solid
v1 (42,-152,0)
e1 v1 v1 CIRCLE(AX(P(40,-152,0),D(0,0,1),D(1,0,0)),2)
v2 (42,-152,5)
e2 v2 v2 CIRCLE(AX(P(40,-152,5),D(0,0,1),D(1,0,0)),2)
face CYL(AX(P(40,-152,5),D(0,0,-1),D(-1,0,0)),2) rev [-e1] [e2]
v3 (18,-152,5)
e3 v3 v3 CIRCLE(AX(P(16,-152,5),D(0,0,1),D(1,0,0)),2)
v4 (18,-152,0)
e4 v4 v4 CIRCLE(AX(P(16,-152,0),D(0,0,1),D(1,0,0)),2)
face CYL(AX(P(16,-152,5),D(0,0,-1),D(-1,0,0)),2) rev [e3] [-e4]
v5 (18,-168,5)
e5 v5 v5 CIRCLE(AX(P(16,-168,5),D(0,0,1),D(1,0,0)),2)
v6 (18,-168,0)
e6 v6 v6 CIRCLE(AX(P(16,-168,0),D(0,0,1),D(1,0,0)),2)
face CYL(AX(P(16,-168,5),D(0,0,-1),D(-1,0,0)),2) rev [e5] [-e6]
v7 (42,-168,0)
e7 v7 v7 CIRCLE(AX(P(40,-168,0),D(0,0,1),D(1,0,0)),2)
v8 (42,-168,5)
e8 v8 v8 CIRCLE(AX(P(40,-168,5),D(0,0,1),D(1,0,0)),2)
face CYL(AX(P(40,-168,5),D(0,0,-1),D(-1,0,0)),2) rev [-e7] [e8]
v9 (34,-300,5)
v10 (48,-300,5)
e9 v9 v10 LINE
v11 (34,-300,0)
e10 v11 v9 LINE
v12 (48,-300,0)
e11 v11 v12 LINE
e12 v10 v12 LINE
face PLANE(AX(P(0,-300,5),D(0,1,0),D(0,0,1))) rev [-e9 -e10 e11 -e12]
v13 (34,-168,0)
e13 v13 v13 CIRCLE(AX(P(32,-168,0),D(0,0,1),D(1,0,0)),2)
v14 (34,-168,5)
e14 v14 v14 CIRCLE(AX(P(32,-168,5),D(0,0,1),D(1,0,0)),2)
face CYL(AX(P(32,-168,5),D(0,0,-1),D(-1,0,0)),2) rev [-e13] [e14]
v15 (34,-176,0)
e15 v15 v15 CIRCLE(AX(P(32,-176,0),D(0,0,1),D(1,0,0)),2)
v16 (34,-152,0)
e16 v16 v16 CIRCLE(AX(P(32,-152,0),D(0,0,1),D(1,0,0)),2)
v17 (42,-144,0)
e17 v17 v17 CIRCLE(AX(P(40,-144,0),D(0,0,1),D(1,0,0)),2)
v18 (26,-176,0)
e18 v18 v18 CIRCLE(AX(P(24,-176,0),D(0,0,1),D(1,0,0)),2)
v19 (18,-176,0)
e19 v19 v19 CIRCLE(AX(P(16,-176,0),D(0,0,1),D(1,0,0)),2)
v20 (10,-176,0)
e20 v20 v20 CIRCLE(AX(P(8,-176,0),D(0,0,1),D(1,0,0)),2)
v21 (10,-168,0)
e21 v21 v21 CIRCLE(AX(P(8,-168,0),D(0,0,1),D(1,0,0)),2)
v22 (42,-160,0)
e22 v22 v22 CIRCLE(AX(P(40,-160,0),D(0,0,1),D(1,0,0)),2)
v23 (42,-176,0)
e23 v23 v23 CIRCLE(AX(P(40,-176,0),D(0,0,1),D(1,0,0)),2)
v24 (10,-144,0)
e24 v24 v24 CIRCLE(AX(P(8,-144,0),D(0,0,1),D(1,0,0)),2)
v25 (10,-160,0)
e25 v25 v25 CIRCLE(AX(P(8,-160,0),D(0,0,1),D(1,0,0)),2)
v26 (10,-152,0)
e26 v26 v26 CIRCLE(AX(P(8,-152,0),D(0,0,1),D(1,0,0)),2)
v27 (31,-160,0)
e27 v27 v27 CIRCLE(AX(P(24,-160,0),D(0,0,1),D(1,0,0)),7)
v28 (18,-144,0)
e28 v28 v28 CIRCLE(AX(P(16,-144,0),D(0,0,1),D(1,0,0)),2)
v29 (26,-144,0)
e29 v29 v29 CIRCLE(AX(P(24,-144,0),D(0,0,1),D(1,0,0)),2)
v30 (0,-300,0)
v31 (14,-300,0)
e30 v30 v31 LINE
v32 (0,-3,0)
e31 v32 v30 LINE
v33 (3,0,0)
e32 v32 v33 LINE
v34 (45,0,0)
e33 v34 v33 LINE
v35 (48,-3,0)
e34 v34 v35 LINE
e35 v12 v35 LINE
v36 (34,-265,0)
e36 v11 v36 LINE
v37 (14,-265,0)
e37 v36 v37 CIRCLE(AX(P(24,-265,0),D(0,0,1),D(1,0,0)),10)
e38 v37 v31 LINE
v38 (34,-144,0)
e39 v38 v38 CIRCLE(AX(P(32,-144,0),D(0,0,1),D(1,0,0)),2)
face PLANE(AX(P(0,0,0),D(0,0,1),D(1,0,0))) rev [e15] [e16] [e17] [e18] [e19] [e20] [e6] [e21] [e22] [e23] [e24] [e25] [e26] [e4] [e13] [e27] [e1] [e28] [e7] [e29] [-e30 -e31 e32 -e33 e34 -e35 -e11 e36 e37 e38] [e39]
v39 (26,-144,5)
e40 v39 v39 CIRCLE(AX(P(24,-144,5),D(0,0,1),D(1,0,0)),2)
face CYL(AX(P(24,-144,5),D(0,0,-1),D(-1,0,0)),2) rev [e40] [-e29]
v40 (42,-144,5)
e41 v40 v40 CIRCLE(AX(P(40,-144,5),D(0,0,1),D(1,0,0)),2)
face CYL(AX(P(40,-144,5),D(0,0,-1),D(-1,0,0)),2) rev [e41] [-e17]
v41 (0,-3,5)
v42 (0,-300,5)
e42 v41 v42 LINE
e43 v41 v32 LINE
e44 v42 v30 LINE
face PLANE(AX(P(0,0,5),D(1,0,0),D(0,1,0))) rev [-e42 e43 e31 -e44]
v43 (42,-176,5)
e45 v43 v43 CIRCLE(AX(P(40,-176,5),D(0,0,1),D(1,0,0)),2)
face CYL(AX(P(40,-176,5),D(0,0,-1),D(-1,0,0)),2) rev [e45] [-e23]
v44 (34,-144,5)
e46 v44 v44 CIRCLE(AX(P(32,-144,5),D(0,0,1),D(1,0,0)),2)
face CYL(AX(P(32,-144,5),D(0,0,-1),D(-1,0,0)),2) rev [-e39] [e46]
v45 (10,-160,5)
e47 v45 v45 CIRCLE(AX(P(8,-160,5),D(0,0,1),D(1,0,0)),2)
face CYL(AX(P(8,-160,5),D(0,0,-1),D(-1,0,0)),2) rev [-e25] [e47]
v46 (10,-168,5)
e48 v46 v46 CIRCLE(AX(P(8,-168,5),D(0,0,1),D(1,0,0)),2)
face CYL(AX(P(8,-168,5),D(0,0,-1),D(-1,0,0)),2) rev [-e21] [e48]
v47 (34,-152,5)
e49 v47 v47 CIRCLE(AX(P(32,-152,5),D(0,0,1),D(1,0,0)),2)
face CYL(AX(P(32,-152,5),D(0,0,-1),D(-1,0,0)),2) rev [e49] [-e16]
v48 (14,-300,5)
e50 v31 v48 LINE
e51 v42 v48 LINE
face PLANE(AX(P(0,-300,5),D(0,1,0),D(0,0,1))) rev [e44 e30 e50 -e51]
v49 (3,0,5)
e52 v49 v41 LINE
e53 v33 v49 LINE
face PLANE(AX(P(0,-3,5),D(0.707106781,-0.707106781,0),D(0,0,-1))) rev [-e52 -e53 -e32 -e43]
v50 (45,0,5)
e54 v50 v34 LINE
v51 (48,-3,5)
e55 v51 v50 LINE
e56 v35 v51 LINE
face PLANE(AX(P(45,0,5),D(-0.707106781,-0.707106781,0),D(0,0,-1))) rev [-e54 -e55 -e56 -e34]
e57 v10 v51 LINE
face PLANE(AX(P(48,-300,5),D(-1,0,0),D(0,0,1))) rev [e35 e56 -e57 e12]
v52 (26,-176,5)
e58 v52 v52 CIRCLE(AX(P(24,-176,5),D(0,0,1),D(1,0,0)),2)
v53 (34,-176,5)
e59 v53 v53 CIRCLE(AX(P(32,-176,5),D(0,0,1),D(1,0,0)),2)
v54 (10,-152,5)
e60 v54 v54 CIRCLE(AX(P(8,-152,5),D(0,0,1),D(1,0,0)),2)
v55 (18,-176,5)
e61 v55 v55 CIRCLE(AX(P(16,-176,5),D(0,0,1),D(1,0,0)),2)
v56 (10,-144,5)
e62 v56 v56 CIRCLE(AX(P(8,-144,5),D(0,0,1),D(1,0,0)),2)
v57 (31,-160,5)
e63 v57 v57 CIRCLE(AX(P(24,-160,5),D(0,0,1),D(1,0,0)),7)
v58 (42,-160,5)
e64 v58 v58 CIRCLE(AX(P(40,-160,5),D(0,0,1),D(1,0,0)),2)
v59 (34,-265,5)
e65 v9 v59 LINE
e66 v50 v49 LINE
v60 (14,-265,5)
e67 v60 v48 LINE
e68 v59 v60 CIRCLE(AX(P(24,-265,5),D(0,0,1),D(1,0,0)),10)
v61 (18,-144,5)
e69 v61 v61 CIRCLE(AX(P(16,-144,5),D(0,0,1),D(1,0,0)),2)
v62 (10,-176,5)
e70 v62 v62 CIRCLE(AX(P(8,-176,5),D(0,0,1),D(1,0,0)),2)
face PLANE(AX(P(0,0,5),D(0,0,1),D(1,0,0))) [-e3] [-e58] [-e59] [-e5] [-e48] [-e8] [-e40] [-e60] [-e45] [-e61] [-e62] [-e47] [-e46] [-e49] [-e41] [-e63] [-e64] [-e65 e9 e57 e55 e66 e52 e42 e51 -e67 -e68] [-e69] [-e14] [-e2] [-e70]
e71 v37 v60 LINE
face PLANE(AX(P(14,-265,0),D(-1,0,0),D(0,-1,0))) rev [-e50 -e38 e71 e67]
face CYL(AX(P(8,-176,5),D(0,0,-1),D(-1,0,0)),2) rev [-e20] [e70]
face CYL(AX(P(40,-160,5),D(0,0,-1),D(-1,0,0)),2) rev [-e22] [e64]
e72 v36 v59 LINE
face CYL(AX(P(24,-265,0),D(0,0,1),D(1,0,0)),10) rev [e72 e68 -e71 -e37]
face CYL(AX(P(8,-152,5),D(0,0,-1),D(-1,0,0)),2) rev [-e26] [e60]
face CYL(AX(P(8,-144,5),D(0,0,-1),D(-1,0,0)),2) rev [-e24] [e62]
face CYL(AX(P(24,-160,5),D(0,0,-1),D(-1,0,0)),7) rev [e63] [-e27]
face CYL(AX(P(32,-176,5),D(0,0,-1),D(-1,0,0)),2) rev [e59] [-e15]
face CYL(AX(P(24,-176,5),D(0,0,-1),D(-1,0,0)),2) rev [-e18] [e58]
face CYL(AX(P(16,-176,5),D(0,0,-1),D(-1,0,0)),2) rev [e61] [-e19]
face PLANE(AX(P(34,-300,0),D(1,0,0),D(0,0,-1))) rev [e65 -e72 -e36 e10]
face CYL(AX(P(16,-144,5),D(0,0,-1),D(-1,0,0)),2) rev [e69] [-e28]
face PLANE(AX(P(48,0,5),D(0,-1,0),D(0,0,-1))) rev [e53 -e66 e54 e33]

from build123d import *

# Parameters (mm, degrees)
SKETCH1_W           = 48
SKETCH1_H           = 300
SKETCH1_R           = 7
SKETCH1_R_2         = 2
BOSS_EXTRUDE1_DEPTH = 5
CHAMFER1_SIZE       = 3
CUT_EXTRUDE1_DEPTH  = 304.856874202


with BuildPart() as part:
    # Sketch1 → Boss-Extrude1 (new body)
    with BuildSketch(Plane.XY):
        with Locations((24, -150)):
            Rectangle(SKETCH1_W, SKETCH1_H)
        with Locations((24, -160)):
            Circle(SKETCH1_R, mode=Mode.SUBTRACT)
        with Locations((8, -144)):
            Circle(SKETCH1_R_2, mode=Mode.SUBTRACT)
        with Locations((16, -144)):
            Circle(SKETCH1_R_2, mode=Mode.SUBTRACT)
        with Locations((24, -144)):
            Circle(SKETCH1_R_2, mode=Mode.SUBTRACT)
        with Locations((32, -144)):
            Circle(SKETCH1_R_2, mode=Mode.SUBTRACT)
        with Locations((40, -144)):
            Circle(SKETCH1_R_2, mode=Mode.SUBTRACT)
        with Locations((16, -152)):
            Circle(SKETCH1_R_2, mode=Mode.SUBTRACT)
        with Locations((32, -152)):
            Circle(SKETCH1_R_2, mode=Mode.SUBTRACT)
        with Locations((40, -152)):
            Circle(SKETCH1_R_2, mode=Mode.SUBTRACT)
        with Locations((40, -160)):
            Circle(SKETCH1_R_2, mode=Mode.SUBTRACT)
        with Locations((16, -168)):
            Circle(SKETCH1_R_2, mode=Mode.SUBTRACT)
        with Locations((32, -168)):
            Circle(SKETCH1_R_2, mode=Mode.SUBTRACT)
        with Locations((40, -168)):
            Circle(SKETCH1_R_2, mode=Mode.SUBTRACT)
        with Locations((16, -176)):
            Circle(SKETCH1_R_2, mode=Mode.SUBTRACT)
        with Locations((24, -176)):
            Circle(SKETCH1_R_2, mode=Mode.SUBTRACT)
        with Locations((32, -176)):
            Circle(SKETCH1_R_2, mode=Mode.SUBTRACT)
        with Locations((40, -176)):
            Circle(SKETCH1_R_2, mode=Mode.SUBTRACT)
        with Locations((8, -152)):
            Circle(SKETCH1_R_2, mode=Mode.SUBTRACT)
        with Locations((8, -160)):
            Circle(SKETCH1_R_2, mode=Mode.SUBTRACT)
        with Locations((8, -168)):
            Circle(SKETCH1_R_2, mode=Mode.SUBTRACT)
        with Locations((8, -176)):
            Circle(SKETCH1_R_2, mode=Mode.SUBTRACT)
    extrude(amount=BOSS_EXTRUDE1_DEPTH)

    # Chamfer1
    chamfer1_edges = [part.edges().sort_by_distance(p)[0] for p in [
        (48, 0, 2.5),
        (0, 0, 2.5),
    ]]
    chamfer(chamfer1_edges, length=CHAMFER1_SIZE)

    # Sketch2 → Cut-Extrude1 (cut, through all)
    with BuildSketch(Plane.XY.offset(5)):
        with BuildLine():
            Line((14, -265), (14, -300))
            Line((14, -300), (34, -300))
            Line((34, -300), (34, -265))
            ThreePointArc((34, -265), (24, -255), (14, -265))
        make_face()
    extrude(amount=-CUT_EXTRUDE1_DEPTH, mode=Mode.SUBTRACT)


solid = part.part
